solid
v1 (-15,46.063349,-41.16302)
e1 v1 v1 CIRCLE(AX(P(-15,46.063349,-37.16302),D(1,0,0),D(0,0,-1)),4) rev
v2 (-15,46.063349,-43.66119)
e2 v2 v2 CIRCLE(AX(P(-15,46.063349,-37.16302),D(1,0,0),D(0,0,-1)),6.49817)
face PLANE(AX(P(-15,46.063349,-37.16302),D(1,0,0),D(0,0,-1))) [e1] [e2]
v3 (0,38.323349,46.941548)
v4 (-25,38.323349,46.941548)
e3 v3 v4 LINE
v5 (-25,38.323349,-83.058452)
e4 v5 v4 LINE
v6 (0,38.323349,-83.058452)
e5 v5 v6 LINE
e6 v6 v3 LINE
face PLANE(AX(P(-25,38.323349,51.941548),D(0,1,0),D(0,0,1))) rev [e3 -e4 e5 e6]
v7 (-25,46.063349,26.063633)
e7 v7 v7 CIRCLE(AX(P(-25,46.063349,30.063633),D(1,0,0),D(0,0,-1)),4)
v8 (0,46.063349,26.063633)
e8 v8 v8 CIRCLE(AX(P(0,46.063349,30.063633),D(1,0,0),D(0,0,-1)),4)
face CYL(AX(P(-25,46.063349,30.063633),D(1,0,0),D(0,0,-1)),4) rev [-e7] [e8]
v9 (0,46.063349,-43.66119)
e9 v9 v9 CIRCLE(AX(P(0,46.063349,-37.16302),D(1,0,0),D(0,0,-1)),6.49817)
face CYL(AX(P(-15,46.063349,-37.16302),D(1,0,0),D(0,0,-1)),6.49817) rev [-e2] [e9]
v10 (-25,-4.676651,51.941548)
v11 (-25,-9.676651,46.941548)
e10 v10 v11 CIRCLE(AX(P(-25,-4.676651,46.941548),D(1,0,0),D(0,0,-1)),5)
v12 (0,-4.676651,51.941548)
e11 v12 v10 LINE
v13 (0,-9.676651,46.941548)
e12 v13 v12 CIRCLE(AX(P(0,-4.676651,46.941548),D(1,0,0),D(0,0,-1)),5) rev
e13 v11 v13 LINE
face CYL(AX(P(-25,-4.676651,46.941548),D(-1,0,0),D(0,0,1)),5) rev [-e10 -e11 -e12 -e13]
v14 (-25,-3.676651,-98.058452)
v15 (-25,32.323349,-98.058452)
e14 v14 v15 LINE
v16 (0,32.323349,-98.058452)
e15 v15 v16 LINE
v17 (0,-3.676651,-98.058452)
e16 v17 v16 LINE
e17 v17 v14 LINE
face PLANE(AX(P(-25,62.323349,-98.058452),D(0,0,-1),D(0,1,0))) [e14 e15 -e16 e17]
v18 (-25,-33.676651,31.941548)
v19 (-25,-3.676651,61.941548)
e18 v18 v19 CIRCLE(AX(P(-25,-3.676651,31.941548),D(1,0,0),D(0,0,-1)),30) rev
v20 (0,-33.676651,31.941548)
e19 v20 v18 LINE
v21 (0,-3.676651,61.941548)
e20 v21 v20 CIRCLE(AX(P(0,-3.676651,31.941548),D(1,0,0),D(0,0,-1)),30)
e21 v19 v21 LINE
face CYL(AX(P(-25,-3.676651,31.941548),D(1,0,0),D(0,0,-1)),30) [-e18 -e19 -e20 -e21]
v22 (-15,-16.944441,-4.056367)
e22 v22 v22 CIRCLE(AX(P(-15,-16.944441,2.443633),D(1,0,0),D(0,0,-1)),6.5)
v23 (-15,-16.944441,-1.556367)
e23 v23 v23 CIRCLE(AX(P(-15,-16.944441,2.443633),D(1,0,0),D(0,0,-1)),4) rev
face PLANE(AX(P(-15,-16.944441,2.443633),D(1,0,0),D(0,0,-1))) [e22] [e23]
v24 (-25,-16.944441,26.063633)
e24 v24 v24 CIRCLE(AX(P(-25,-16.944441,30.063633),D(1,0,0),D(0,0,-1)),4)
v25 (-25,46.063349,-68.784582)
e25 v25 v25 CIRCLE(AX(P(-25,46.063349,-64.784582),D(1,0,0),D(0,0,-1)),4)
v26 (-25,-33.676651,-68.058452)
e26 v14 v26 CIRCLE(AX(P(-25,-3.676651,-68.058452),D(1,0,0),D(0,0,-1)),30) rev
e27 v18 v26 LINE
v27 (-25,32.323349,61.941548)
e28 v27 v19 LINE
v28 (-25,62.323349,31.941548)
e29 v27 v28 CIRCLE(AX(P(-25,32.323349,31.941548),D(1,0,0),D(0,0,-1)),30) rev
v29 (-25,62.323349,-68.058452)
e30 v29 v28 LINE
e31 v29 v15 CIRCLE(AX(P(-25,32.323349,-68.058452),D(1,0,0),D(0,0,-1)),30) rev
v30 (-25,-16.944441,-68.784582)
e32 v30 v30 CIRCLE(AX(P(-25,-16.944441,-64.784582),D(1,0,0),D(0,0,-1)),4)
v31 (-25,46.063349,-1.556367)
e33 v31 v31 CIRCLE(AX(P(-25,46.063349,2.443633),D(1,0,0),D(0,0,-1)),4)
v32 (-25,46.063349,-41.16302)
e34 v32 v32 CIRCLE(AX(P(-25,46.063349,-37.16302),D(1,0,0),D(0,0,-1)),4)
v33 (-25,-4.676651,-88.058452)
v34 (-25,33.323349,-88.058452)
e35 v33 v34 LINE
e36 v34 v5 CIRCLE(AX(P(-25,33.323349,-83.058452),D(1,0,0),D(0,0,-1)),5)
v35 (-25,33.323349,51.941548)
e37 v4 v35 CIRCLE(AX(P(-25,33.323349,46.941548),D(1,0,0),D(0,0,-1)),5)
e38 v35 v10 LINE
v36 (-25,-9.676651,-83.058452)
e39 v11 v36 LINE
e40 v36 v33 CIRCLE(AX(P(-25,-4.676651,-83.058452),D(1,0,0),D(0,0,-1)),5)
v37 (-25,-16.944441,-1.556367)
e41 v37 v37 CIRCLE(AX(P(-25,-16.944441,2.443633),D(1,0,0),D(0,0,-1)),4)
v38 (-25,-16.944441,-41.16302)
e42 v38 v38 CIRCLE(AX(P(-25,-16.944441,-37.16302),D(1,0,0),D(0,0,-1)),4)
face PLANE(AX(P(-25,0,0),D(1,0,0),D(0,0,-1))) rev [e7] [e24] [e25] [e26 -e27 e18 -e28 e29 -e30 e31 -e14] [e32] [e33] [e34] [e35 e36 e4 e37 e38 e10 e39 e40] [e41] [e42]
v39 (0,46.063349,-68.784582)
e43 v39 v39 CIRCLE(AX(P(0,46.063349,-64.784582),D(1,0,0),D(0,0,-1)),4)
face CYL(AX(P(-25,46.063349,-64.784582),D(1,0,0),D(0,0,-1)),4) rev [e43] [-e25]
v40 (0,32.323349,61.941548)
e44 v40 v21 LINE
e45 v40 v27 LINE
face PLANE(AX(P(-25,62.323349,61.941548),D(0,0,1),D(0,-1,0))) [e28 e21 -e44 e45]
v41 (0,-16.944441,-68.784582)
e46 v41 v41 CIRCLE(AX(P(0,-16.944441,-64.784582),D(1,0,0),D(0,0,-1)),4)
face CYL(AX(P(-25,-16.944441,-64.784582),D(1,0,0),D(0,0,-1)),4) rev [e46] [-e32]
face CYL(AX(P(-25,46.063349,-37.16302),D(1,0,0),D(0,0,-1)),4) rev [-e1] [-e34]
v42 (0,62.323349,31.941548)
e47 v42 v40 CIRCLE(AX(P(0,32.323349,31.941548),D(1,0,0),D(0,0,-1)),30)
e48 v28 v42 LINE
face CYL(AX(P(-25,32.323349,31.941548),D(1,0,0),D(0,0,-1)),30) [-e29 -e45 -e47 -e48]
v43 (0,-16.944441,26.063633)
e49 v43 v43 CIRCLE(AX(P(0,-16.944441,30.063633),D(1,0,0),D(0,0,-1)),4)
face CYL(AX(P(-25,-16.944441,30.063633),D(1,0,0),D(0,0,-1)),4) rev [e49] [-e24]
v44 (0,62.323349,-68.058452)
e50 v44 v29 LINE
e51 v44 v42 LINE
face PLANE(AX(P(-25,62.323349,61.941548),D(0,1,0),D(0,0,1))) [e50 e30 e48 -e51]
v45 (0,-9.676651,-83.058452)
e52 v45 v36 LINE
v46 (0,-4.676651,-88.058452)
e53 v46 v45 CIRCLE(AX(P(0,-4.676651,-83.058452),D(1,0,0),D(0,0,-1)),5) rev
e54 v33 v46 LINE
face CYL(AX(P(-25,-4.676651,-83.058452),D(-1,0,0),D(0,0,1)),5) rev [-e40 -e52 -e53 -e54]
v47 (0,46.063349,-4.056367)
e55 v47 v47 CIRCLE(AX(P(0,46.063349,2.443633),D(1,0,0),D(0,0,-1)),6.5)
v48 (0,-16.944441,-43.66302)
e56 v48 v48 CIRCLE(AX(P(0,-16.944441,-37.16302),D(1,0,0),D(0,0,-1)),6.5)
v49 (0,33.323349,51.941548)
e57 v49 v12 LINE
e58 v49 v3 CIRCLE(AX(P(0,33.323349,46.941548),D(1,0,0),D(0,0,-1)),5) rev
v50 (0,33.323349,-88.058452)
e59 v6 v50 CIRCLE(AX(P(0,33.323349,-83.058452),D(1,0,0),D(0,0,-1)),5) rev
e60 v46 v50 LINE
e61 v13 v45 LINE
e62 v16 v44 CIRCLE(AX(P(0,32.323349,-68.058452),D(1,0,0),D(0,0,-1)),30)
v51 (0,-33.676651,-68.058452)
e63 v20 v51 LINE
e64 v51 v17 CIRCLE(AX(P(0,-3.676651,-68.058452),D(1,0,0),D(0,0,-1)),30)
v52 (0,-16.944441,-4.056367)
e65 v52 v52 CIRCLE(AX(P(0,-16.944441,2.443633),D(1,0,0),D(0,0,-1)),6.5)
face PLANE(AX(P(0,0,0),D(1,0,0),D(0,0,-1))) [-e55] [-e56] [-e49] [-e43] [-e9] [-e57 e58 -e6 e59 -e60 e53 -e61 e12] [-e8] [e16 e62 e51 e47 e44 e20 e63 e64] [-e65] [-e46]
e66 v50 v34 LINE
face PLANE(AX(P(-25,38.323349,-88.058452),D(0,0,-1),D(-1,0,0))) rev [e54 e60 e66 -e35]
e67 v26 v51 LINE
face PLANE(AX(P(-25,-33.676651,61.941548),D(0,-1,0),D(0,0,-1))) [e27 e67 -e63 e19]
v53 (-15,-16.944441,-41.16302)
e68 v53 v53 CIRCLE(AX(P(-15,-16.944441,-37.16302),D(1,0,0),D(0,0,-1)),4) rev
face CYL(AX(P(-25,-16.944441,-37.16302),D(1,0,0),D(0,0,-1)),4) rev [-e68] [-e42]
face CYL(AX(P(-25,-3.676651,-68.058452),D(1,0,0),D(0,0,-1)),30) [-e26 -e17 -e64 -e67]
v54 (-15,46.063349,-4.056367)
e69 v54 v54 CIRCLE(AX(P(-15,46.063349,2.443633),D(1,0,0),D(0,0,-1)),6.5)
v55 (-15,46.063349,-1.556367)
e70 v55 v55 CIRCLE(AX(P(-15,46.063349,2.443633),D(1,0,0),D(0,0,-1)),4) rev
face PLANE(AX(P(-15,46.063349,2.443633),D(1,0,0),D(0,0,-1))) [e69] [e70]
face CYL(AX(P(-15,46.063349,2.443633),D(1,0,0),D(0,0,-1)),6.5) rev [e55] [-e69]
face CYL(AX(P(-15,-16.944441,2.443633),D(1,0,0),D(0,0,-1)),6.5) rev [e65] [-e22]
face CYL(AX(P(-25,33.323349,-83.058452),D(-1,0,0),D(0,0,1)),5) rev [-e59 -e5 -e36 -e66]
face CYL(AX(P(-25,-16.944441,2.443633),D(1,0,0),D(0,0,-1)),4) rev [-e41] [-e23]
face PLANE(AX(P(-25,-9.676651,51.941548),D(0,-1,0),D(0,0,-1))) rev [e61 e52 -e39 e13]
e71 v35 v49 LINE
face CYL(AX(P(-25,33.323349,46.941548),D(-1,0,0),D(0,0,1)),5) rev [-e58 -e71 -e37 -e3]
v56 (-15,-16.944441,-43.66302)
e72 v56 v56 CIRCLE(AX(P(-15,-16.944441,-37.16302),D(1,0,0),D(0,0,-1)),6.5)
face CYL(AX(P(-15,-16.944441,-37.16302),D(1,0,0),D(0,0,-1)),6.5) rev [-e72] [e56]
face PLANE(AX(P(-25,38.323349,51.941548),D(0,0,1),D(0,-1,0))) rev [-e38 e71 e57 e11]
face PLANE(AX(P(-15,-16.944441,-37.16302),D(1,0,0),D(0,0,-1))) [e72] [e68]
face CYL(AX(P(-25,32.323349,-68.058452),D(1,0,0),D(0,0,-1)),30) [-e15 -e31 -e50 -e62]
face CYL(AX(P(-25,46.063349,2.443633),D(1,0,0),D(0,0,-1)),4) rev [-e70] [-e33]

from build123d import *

# Parameters (mm, degrees)
SKETCH_1_W          = 160
SKETCH_1_H          = 96
SKETCH_1_R          = 4
SKETCH_1_W_2        = 140
SKETCH_1_H_2        = 48
EXTRUDE_1_DEPTH     = 25
FILLET_1_R          = 30
FILLET_2_R          = 5
SKETCH_11_R         = 6.498169544
SKETCH_11_R_2       = 6.5
CUT_EXTRUDE_1_DEPTH = 15


with BuildPart() as part:
    # 草图1 → 凸台-拉伸1 (new body)
    with BuildSketch(Plane(origin=(0, 0, 0), x_dir=(0, 0, -1), z_dir=(1, 0, 0))):
        with Locations((18.05845234, 14.323348887)):
            Rectangle(SKETCH_1_W, SKETCH_1_H)
        with Locations((-2.443633142, 46.063348887)):
            Circle(SKETCH_1_R, mode=Mode.SUBTRACT)
        with Locations((37.163019963, 46.063348887)):
            Circle(SKETCH_1_R, mode=Mode.SUBTRACT)
        with Locations((-2.443633142, -16.944440743)):
            Circle(SKETCH_1_R, mode=Mode.SUBTRACT)
        with Locations((37.163019963, -16.944440743)):
            Circle(SKETCH_1_R, mode=Mode.SUBTRACT)
        with Locations((64.784581693, 46.063348887)):
            Circle(SKETCH_1_R, mode=Mode.SUBTRACT)
        with Locations((-30.063633142, -16.944440743)):
            Circle(SKETCH_1_R, mode=Mode.SUBTRACT)
        with Locations((64.784581693, -16.944440743)):
            Circle(SKETCH_1_R, mode=Mode.SUBTRACT)
        with Locations((-30.063633142, 46.063348887)):
            Circle(SKETCH_1_R, mode=Mode.SUBTRACT)
        with Locations((18.05845234, 14.323348887)):
            Rectangle(SKETCH_1_W_2, SKETCH_1_H_2, mode=Mode.SUBTRACT)
    extrude(amount=-EXTRUDE_1_DEPTH)

    # 圆角1
    fillet_1_edges = [part.edges().sort_by_distance(p)[0] for p in [
        (-12.5, 62.323348887, 61.94154766),
        (-12.5, 62.323348887, -98.05845234),
        (-12.5, -33.676651113, -98.05845234),
        (-12.5, -33.676651113, 61.94154766),
    ]]
    fillet(fillet_1_edges, radius=FILLET_1_R)

    # 圆角2
    fillet_2_edges = [part.edges().sort_by_distance(p)[0] for p in [
        (-12.5, -9.676651113, 51.94154766),
        (-12.5, 38.323348887, 51.94154766),
        (-12.5, 38.323348887, -88.05845234),
        (-12.5, -9.676651113, -88.05845234),
    ]]
    fillet(fillet_2_edges, radius=FILLET_2_R)

    # 草图11 → 切除-拉伸1 (cut)
    with BuildSketch(Plane(origin=(0, 0, 0), x_dir=(0, 0, -1), z_dir=(1, 0, 0))):
        with Locations((37.163019963, 46.063348887)):
            Circle(SKETCH_11_R)
        with Locations((-2.443633142, 46.063348887)):
            Circle(SKETCH_11_R_2)
        with Locations((37.163019963, -16.944440743)):
            Circle(SKETCH_11_R_2)
        with Locations((-2.443633142, -16.944440743)):
            Circle(SKETCH_11_R_2)
    extrude(amount=-CUT_EXTRUDE_1_DEPTH, mode=Mode.SUBTRACT)


solid = part.part
